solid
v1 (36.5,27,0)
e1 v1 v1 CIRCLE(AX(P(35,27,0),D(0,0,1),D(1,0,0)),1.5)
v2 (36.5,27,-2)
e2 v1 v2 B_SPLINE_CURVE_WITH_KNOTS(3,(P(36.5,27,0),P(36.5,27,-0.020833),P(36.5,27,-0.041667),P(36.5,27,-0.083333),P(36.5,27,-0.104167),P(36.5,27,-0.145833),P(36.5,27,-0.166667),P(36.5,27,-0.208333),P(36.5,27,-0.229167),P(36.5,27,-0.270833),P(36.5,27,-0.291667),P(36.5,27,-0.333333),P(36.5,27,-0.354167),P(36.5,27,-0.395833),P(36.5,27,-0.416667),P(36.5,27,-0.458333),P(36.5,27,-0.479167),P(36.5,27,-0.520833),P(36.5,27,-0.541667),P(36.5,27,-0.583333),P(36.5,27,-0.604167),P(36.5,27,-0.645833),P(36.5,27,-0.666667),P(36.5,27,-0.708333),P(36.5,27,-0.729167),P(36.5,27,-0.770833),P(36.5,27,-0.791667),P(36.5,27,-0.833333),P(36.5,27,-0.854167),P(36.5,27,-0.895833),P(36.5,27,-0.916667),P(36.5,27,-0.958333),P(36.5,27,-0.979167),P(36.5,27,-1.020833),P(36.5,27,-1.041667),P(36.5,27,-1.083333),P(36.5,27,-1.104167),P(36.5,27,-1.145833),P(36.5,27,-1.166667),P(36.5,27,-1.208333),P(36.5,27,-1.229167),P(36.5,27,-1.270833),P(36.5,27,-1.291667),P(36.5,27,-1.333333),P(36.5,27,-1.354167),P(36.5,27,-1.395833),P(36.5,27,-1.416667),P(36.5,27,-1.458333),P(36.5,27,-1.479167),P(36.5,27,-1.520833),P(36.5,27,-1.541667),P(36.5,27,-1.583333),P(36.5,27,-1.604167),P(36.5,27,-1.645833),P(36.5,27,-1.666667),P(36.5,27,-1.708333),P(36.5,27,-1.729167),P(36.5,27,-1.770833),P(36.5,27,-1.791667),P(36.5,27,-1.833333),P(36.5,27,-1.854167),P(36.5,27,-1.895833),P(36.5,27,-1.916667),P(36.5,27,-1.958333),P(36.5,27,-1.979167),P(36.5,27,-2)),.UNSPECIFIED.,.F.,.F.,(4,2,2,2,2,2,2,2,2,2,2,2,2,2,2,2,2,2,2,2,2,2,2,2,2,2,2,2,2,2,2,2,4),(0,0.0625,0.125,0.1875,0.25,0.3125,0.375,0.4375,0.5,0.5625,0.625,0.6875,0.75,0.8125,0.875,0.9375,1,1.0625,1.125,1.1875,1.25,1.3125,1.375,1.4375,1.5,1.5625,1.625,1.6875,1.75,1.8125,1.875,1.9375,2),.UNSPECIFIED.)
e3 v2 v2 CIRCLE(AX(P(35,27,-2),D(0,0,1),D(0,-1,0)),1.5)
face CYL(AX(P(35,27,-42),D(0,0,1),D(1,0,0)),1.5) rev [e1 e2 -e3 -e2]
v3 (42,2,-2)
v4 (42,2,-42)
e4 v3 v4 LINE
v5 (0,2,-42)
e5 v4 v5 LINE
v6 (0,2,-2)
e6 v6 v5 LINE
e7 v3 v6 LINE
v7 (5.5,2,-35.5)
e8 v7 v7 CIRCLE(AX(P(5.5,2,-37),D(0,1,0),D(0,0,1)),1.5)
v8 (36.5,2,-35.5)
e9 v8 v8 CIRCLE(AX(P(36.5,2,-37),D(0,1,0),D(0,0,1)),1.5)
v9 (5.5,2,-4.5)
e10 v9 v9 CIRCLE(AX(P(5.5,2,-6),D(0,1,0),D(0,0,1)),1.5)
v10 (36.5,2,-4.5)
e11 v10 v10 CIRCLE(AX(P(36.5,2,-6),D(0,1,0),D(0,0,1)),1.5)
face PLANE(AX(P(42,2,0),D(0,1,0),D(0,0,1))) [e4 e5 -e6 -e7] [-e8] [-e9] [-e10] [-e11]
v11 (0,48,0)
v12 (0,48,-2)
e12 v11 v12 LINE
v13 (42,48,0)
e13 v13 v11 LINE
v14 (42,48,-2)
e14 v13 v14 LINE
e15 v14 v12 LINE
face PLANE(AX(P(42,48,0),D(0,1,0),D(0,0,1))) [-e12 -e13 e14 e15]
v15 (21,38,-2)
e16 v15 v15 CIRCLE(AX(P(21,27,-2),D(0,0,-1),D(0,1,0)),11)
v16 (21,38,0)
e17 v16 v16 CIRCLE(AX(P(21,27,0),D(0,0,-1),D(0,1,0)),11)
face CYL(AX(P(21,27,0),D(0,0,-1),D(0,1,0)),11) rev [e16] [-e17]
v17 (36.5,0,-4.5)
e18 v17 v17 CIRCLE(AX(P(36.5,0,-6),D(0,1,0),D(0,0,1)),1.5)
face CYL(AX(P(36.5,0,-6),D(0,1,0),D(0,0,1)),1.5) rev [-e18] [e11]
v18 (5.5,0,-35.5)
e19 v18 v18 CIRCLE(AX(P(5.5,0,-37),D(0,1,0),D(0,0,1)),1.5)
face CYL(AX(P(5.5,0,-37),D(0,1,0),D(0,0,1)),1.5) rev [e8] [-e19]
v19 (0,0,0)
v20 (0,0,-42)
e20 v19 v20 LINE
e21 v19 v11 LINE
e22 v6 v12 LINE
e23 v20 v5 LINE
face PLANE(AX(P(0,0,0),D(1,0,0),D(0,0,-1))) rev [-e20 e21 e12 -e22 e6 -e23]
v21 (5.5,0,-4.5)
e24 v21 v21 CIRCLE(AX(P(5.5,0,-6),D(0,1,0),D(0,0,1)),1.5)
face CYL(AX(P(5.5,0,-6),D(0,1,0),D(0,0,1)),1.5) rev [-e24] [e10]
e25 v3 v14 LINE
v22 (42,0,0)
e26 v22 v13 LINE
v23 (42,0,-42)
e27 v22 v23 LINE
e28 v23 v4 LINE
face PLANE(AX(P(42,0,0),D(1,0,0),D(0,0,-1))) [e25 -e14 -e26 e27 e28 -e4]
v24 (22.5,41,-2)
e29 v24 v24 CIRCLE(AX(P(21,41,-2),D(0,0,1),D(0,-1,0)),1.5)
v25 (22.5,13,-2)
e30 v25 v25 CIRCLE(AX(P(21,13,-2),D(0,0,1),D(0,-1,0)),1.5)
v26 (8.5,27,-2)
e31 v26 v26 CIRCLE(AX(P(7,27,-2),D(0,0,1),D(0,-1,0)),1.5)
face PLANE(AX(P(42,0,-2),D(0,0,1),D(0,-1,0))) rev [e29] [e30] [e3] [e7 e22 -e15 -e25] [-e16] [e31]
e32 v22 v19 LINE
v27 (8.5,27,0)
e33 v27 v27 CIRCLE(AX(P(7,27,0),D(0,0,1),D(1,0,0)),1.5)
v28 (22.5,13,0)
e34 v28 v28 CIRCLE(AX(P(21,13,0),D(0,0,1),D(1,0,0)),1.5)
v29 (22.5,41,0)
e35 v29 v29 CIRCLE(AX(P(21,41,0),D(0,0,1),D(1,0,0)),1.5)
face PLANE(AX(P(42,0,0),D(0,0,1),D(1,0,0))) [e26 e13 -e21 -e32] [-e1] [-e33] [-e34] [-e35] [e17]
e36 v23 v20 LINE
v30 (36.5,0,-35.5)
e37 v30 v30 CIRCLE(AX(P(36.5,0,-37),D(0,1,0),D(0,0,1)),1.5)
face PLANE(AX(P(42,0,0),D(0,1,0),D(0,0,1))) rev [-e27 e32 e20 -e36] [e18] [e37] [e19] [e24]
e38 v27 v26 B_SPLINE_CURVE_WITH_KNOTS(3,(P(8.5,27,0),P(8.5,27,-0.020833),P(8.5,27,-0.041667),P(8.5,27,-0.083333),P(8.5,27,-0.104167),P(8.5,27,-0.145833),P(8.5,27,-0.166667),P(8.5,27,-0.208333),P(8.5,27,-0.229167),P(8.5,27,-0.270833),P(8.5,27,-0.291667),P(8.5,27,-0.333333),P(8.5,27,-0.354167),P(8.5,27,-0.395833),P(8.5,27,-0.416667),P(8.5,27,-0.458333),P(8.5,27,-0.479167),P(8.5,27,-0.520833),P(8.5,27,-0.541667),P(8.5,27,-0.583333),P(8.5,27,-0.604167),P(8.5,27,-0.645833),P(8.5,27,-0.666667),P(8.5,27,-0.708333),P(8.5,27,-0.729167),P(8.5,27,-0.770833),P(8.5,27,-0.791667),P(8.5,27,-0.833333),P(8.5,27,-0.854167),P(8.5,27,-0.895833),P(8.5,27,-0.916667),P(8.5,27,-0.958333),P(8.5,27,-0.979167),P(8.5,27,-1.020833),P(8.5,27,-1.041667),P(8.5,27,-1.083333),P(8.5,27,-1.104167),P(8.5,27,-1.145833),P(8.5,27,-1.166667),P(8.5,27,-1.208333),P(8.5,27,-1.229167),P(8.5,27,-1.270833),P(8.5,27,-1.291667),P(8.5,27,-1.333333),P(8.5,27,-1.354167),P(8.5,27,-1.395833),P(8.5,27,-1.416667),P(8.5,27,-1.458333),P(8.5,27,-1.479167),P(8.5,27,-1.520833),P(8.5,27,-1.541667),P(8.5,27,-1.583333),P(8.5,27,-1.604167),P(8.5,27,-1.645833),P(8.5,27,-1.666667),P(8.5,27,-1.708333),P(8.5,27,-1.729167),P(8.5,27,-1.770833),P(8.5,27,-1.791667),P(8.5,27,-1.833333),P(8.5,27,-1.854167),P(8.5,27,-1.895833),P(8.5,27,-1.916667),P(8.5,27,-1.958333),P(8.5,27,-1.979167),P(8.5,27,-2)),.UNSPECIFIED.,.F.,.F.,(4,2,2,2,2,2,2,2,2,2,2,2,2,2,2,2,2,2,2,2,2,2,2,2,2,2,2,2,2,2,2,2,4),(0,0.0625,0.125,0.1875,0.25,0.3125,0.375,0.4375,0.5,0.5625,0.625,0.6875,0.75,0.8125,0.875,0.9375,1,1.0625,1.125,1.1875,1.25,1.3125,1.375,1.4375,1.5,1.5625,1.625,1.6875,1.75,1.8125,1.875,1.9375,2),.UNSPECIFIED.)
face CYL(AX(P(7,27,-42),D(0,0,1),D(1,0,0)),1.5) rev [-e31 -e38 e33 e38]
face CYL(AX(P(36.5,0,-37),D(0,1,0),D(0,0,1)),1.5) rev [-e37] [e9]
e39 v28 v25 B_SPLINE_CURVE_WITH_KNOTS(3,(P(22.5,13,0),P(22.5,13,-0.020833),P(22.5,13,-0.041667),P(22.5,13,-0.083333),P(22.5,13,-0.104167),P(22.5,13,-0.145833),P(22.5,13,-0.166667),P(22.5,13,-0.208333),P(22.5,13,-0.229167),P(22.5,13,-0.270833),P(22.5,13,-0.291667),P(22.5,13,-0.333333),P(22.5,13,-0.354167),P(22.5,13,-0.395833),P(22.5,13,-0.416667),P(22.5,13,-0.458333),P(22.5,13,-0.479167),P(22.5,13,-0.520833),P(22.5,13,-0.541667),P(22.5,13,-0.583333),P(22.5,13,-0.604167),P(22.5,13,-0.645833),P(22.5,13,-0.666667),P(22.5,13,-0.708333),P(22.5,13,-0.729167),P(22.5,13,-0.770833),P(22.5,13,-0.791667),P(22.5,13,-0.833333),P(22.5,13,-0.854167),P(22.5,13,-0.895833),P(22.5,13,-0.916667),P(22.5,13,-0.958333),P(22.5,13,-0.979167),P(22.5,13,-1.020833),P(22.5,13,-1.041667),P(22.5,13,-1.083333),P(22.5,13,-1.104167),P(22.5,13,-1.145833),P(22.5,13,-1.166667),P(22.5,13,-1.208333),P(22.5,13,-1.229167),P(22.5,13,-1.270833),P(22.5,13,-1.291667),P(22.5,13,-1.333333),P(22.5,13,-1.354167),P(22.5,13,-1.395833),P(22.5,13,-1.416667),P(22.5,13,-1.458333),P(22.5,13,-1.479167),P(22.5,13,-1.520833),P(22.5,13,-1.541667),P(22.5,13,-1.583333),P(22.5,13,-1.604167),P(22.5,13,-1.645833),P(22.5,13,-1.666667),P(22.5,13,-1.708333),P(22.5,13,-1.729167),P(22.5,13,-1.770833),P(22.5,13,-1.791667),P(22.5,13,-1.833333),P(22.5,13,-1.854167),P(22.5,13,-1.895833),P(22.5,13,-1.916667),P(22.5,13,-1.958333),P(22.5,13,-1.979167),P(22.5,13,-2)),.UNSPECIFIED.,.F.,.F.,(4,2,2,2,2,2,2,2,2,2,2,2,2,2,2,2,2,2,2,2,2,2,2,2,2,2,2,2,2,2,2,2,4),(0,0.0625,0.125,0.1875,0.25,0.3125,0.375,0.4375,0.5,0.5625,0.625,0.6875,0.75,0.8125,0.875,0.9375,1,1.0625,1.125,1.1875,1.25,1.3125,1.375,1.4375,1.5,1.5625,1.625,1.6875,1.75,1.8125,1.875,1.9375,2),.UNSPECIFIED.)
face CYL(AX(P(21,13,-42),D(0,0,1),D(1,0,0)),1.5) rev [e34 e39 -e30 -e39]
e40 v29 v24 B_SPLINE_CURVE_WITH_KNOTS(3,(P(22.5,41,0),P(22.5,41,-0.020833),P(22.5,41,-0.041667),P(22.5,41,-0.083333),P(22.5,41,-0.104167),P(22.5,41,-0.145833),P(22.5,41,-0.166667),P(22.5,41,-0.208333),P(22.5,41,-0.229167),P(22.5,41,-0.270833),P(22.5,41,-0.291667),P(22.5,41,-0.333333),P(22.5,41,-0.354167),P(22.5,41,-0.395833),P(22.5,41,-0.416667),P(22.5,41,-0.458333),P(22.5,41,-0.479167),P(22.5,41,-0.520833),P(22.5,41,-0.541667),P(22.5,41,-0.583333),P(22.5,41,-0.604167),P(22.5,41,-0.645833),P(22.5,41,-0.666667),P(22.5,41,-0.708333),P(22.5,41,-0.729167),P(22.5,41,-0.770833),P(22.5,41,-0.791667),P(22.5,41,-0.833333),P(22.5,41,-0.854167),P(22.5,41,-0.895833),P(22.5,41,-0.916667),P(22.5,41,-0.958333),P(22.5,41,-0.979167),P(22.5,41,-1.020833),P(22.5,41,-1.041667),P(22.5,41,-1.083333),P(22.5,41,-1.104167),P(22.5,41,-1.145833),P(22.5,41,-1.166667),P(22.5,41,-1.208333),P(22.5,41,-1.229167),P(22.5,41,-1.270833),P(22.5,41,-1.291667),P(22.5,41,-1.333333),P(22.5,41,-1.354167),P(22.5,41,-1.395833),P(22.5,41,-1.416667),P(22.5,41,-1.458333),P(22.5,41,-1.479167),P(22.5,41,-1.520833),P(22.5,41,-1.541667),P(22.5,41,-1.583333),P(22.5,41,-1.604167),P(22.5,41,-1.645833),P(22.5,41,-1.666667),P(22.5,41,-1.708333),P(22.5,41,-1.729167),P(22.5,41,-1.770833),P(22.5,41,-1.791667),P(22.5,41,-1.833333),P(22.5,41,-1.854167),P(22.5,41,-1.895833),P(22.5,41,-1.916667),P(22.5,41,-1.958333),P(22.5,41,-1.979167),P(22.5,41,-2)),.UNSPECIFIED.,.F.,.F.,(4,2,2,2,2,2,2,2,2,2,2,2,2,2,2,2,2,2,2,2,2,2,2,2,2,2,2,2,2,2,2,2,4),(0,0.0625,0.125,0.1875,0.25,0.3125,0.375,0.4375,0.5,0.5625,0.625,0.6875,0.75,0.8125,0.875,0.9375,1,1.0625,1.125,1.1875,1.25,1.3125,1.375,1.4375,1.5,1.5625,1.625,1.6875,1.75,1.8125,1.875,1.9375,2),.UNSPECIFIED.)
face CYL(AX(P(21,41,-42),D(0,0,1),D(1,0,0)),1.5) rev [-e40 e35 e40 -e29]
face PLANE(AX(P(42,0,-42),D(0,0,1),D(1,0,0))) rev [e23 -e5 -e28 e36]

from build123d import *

# Parameters (mm, degrees)
EXTRUDE_1_DEPTH     = 42
SKETCH_2_R          = 11
CUT_EXTRUDE_1_DEPTH = 76.286120899
SKETCH_3_R          = 1.5
CUT_EXTRUDE_2_DEPTH = 77.367532368
SKETCH_4_R          = 1.5
CUT_EXTRUDE_3_DEPTH = 76.126559884


with BuildPart() as part:
    # 草图1 → 凸台-拉伸1 (new body)
    with BuildSketch(Plane(origin=(0, 0, 0), x_dir=(0, 0, -1), z_dir=(1, 0, 0))):
        Polygon((0, 2), (0, 0), (2, 0), (42, 0), (42, 2), (2, 2), (2, 48), (0, 48), align=None)
    extrude(amount=EXTRUDE_1_DEPTH)

    # 草图2 → 切除-拉伸1 (cut, through all)
    with BuildSketch(Plane(origin=(0, 0, -2), x_dir=(-1, 0, 0), z_dir=(0, 0, -1))):
        with Locations(Location((-21, 27, 0), (0, 0, 90))):
            Circle(SKETCH_2_R)
    extrude(amount=-CUT_EXTRUDE_1_DEPTH, mode=Mode.SUBTRACT)

    # 草图3 → 切除-拉伸2 (cut, through all)
    with BuildSketch(Plane.XY):
        with Locations((21, 41)):
            Circle(SKETCH_3_R)
        with Locations((21, 13)):
            Circle(SKETCH_3_R)
        with Locations((35, 27)):
            Circle(SKETCH_3_R)
        with Locations((7, 27)):
            Circle(SKETCH_3_R)
    extrude(amount=-CUT_EXTRUDE_2_DEPTH, mode=Mode.SUBTRACT)

    # 草图4 → 切除-拉伸3 (cut, through all)
    with BuildSketch(Plane(origin=(0, 2, 0), x_dir=(1, 0, 0), z_dir=(0, 1, 0))):
        with Locations(Location((5.5, 37, 0), (0, 0, 270))):
            Circle(SKETCH_4_R)
        with Locations(Location((36.5, 37, 0), (0, 0, 270))):
            Circle(SKETCH_4_R)
        with Locations(Location((36.5, 6, 0), (0, 0, 270))):
            Circle(SKETCH_4_R)
        with Locations(Location((5.5, 6, 0), (0, 0, 270))):
            Circle(SKETCH_4_R)
    extrude(amount=-CUT_EXTRUDE_3_DEPTH, mode=Mode.SUBTRACT)


solid = part.part
